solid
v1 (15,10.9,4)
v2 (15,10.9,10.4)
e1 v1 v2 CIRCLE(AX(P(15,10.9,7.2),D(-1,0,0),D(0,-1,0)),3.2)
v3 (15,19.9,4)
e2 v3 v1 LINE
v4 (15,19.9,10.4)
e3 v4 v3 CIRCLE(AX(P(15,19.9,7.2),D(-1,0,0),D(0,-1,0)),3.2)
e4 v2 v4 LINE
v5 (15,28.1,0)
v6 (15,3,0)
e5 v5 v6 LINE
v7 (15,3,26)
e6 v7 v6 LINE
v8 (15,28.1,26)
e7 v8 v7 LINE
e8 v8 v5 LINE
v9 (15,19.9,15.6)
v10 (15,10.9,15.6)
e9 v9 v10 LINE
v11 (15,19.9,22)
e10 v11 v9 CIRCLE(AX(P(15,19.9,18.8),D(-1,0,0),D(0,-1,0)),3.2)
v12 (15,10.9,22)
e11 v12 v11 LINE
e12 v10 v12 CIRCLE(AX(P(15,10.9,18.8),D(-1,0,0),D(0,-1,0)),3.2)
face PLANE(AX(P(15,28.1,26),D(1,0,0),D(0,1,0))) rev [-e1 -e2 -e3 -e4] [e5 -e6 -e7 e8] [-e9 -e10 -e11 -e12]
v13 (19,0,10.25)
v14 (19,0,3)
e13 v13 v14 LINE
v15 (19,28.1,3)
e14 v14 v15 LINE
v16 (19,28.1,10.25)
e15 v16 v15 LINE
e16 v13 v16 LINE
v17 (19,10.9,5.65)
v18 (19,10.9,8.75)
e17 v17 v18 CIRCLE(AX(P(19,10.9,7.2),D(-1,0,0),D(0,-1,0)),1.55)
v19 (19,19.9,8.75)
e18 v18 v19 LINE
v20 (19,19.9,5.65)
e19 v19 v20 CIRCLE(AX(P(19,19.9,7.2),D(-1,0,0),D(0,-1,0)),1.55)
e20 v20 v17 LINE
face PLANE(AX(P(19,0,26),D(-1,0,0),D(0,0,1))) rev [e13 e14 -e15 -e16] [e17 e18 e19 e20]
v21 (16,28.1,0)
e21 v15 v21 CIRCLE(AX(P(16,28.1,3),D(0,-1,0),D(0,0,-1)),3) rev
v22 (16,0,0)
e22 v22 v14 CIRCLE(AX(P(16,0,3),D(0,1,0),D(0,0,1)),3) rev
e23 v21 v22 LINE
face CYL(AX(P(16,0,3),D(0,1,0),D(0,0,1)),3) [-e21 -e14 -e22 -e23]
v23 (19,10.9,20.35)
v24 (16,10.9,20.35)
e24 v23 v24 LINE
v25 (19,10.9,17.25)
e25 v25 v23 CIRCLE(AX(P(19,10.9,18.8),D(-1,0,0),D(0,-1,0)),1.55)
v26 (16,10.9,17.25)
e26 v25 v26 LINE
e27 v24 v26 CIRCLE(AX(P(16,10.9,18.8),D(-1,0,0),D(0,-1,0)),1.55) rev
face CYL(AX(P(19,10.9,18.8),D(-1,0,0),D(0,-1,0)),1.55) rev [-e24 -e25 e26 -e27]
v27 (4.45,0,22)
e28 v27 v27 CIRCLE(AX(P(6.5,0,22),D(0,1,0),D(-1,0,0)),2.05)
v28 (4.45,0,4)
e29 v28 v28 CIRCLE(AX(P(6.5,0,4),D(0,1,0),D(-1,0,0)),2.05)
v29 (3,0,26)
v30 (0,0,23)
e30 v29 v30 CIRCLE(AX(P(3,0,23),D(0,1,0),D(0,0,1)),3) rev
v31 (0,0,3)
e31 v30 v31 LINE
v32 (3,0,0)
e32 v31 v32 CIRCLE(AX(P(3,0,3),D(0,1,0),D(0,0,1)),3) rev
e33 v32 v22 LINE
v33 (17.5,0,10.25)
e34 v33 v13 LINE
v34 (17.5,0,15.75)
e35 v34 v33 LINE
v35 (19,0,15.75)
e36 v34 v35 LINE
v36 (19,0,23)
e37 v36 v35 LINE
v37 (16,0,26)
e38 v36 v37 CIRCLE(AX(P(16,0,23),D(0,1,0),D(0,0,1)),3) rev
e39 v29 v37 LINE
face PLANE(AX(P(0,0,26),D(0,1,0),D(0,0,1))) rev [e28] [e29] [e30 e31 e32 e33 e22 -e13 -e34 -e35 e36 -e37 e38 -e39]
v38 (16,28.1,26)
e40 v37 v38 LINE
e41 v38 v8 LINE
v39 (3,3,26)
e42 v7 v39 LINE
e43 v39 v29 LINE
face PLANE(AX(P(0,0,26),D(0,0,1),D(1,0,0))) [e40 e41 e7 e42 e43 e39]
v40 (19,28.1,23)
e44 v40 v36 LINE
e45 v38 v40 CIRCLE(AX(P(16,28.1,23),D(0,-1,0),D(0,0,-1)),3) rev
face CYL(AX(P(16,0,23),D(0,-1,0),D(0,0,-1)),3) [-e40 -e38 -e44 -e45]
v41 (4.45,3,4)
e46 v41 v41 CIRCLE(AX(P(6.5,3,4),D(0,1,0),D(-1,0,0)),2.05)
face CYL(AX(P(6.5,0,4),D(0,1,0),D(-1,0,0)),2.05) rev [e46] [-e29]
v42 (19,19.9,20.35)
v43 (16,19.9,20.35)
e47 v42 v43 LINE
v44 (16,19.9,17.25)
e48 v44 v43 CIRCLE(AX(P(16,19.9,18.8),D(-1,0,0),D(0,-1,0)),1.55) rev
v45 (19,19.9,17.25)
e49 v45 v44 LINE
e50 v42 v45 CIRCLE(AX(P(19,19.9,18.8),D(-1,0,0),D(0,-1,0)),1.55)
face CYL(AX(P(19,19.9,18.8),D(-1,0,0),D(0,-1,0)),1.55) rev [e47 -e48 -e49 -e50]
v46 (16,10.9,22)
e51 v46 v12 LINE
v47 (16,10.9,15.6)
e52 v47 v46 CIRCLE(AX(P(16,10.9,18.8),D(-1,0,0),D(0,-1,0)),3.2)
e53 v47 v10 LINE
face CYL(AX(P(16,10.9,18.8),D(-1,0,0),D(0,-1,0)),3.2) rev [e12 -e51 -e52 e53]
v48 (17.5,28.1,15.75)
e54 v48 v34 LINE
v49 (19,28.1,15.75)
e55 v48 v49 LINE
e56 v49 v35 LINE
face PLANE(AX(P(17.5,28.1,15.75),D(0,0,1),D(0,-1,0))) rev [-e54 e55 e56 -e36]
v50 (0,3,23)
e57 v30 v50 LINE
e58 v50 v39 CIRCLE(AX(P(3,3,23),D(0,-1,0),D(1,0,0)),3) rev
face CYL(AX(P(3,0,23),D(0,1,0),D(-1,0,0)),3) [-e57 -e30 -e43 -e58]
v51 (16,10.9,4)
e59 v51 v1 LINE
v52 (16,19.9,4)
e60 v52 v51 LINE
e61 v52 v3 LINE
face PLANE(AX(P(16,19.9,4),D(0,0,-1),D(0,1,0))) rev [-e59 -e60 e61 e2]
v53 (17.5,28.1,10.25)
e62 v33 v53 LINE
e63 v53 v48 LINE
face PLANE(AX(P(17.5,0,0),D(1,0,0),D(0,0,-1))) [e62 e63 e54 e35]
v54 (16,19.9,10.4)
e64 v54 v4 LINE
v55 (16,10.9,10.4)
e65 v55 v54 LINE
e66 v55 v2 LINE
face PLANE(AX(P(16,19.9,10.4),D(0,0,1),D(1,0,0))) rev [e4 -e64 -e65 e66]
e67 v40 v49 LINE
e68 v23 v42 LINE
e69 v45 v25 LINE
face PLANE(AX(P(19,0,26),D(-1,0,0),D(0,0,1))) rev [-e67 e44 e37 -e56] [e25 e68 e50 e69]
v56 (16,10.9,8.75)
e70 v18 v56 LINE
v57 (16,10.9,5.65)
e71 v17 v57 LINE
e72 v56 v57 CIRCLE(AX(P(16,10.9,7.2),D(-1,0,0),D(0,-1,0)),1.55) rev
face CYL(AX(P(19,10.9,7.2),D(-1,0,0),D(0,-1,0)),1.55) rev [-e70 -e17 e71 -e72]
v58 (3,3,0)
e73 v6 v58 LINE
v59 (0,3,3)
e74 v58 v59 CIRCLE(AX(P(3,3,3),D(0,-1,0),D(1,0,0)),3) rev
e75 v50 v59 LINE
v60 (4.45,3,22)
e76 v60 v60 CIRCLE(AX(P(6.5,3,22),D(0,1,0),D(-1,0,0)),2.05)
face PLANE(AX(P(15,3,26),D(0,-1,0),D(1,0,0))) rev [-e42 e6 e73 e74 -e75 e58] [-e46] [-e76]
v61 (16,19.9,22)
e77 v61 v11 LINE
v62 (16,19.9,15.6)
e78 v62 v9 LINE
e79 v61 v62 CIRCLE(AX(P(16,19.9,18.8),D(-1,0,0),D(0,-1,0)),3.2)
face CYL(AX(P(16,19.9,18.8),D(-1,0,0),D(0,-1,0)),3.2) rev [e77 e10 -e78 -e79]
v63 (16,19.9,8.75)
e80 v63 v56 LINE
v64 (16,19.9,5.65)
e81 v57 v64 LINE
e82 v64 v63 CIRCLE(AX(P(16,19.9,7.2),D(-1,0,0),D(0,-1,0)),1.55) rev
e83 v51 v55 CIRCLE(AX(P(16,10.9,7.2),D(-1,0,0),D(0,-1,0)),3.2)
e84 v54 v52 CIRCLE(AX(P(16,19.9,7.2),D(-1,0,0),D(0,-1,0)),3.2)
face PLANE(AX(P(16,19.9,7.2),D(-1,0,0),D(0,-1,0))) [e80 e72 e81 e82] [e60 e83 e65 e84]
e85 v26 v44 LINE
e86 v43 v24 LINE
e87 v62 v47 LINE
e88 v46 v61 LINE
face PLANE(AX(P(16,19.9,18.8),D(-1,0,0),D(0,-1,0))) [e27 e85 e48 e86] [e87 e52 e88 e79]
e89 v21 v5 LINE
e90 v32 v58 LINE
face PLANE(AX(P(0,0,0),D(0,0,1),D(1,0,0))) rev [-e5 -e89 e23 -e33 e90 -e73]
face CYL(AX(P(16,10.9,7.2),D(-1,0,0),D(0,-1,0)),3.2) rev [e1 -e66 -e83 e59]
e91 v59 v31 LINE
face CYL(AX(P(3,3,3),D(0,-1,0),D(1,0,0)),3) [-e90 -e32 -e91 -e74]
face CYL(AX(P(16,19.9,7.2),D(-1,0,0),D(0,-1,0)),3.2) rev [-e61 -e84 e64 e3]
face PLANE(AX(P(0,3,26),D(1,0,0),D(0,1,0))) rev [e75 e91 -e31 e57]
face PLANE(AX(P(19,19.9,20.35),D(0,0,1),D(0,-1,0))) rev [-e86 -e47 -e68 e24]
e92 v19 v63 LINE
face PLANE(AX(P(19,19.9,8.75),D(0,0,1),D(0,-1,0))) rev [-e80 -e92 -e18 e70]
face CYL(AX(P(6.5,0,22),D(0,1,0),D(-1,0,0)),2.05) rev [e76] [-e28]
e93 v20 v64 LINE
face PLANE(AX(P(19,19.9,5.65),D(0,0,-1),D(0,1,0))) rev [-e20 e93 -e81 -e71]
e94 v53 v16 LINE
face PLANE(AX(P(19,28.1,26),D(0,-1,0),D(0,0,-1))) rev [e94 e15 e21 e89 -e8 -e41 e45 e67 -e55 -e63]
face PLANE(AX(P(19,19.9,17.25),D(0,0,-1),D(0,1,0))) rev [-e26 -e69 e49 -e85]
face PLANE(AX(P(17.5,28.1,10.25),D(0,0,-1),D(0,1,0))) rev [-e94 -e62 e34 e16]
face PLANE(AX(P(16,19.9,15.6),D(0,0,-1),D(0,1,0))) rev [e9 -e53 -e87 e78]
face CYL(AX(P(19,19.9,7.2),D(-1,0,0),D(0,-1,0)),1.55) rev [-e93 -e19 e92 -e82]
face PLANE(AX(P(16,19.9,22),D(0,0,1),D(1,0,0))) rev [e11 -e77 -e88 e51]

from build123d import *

# Parameters (mm, degrees)
BOSS_EXTRUDE1_DEPTH                       = 26
BLTOUCHPROBEMOUNTHOLESSKETCH2_R           = 2.05
BLTOUCHPROBEMOUNTHOLESCUT_EXTRUDE1_DEPTH  = 41.829033787
FILLET1_R                                 = 3
PROBESLIDINGMOUNTCUT_EXTRUDE3_DEPTH       = 42.117028103
PROBESLIDINGMOUNTCHANELCUT_EXTRUDE4_DEPTH = 1
CABLECHANNELSKETCH1_W                     = 5.5
CABLECHANNELSKETCH1_H                     = 28.1
CABLECUT_EXTRUDE1_DEPTH                   = 1.5


with BuildPart() as part:
    # ProfileSketch1 → Boss-Extrude1 (new body)
    with BuildSketch(Plane.XY):
        Polygon((0, 0), (19, 0), (19, 28.1), (15, 28.1), (15, 3), (0, 3), align=None)
    extrude(amount=BOSS_EXTRUDE1_DEPTH)

    # BLTouchProbeMountHolesSketch2 → BLTouchProbeMountHolesCut-Extrude1 (cut, through all)
    with BuildSketch(Plane(origin=(0, 3, 0), x_dir=(1, 0, 0), z_dir=(0, 1, 0))):
        with Locations(Location((6.5, -4, 0), (0, 0, 180))):
            Circle(BLTOUCHPROBEMOUNTHOLESSKETCH2_R)
        with Locations(Location((6.5, -22, 0), (0, 0, 180))):
            Circle(BLTOUCHPROBEMOUNTHOLESSKETCH2_R)
    extrude(amount=-BLTOUCHPROBEMOUNTHOLESCUT_EXTRUDE1_DEPTH, mode=Mode.SUBTRACT)

    # Fillet1
    fillet1_edges = [part.edges().sort_by_distance(p)[0] for p in [
        (19, 14.05, 26),
        (0, 1.5, 26),
        (19, 14.05, 0),
        (0, 1.5, 0),
    ]]
    fillet(fillet1_edges, radius=FILLET1_R)

    # ProbeSlidingMountSketch4 → ProbeSlidingMountCut-Extrude3 (cut, through all)
    with BuildSketch(Plane.ZY.offset(-15)):
        with BuildLine():
            Line((5.65, 19.9), (5.65, 10.9))
            ThreePointArc((5.65, 10.9), (7.2, 9.35), (8.75, 10.9))
            Line((8.75, 10.9), (8.75, 19.9))
            ThreePointArc((8.75, 19.9), (7.2, 21.45), (5.65, 19.9))
        make_face()
        with BuildLine():
            Line((17.25, 19.9), (17.25, 10.9))
            ThreePointArc((17.25, 10.9), (18.8, 9.35), (20.35, 10.9))
            Line((20.35, 10.9), (20.35, 19.9))
            ThreePointArc((20.35, 19.9), (18.8, 21.45), (17.25, 19.9))
        make_face()
    extrude(amount=-PROBESLIDINGMOUNTCUT_EXTRUDE3_DEPTH, mode=Mode.SUBTRACT)

    # ProbeSlidingMountChannelSketch5 → ProbeSlidingMountChanelCut-Extrude4 (cut)
    with BuildSketch(Plane.ZY.offset(-15)):
        with BuildLine():
            Line((10.4, 19.9), (10.4, 10.9))
            ThreePointArc((10.4, 10.9), (7.2, 7.7), (4, 10.9))
            Line((4, 10.9), (4, 19.9))
            ThreePointArc((4, 19.9), (7.2, 23.1), (10.4, 19.9))
        make_face()
        with BuildLine():
            Line((22, 19.9), (22, 10.9))
            ThreePointArc((22, 10.9), (18.8, 7.7), (15.6, 10.9))
            Line((15.6, 10.9), (15.6, 19.9))
            ThreePointArc((15.6, 19.9), (18.8, 23.1), (22, 19.9))
        make_face()
    extrude(amount=-PROBESLIDINGMOUNTCHANELCUT_EXTRUDE4_DEPTH, mode=Mode.SUBTRACT)

    # CableChannelSketch1 → CableCut-Extrude1 (cut)
    with BuildSketch(Plane(origin=(19, 0, 0), x_dir=(0, 0, -1), z_dir=(1, 0, 0))):
        with Locations((-13, 14.05)):
            Rectangle(CABLECHANNELSKETCH1_W, CABLECHANNELSKETCH1_H)
    extrude(amount=-CABLECUT_EXTRUDE1_DEPTH, mode=Mode.SUBTRACT)


solid = part.part
